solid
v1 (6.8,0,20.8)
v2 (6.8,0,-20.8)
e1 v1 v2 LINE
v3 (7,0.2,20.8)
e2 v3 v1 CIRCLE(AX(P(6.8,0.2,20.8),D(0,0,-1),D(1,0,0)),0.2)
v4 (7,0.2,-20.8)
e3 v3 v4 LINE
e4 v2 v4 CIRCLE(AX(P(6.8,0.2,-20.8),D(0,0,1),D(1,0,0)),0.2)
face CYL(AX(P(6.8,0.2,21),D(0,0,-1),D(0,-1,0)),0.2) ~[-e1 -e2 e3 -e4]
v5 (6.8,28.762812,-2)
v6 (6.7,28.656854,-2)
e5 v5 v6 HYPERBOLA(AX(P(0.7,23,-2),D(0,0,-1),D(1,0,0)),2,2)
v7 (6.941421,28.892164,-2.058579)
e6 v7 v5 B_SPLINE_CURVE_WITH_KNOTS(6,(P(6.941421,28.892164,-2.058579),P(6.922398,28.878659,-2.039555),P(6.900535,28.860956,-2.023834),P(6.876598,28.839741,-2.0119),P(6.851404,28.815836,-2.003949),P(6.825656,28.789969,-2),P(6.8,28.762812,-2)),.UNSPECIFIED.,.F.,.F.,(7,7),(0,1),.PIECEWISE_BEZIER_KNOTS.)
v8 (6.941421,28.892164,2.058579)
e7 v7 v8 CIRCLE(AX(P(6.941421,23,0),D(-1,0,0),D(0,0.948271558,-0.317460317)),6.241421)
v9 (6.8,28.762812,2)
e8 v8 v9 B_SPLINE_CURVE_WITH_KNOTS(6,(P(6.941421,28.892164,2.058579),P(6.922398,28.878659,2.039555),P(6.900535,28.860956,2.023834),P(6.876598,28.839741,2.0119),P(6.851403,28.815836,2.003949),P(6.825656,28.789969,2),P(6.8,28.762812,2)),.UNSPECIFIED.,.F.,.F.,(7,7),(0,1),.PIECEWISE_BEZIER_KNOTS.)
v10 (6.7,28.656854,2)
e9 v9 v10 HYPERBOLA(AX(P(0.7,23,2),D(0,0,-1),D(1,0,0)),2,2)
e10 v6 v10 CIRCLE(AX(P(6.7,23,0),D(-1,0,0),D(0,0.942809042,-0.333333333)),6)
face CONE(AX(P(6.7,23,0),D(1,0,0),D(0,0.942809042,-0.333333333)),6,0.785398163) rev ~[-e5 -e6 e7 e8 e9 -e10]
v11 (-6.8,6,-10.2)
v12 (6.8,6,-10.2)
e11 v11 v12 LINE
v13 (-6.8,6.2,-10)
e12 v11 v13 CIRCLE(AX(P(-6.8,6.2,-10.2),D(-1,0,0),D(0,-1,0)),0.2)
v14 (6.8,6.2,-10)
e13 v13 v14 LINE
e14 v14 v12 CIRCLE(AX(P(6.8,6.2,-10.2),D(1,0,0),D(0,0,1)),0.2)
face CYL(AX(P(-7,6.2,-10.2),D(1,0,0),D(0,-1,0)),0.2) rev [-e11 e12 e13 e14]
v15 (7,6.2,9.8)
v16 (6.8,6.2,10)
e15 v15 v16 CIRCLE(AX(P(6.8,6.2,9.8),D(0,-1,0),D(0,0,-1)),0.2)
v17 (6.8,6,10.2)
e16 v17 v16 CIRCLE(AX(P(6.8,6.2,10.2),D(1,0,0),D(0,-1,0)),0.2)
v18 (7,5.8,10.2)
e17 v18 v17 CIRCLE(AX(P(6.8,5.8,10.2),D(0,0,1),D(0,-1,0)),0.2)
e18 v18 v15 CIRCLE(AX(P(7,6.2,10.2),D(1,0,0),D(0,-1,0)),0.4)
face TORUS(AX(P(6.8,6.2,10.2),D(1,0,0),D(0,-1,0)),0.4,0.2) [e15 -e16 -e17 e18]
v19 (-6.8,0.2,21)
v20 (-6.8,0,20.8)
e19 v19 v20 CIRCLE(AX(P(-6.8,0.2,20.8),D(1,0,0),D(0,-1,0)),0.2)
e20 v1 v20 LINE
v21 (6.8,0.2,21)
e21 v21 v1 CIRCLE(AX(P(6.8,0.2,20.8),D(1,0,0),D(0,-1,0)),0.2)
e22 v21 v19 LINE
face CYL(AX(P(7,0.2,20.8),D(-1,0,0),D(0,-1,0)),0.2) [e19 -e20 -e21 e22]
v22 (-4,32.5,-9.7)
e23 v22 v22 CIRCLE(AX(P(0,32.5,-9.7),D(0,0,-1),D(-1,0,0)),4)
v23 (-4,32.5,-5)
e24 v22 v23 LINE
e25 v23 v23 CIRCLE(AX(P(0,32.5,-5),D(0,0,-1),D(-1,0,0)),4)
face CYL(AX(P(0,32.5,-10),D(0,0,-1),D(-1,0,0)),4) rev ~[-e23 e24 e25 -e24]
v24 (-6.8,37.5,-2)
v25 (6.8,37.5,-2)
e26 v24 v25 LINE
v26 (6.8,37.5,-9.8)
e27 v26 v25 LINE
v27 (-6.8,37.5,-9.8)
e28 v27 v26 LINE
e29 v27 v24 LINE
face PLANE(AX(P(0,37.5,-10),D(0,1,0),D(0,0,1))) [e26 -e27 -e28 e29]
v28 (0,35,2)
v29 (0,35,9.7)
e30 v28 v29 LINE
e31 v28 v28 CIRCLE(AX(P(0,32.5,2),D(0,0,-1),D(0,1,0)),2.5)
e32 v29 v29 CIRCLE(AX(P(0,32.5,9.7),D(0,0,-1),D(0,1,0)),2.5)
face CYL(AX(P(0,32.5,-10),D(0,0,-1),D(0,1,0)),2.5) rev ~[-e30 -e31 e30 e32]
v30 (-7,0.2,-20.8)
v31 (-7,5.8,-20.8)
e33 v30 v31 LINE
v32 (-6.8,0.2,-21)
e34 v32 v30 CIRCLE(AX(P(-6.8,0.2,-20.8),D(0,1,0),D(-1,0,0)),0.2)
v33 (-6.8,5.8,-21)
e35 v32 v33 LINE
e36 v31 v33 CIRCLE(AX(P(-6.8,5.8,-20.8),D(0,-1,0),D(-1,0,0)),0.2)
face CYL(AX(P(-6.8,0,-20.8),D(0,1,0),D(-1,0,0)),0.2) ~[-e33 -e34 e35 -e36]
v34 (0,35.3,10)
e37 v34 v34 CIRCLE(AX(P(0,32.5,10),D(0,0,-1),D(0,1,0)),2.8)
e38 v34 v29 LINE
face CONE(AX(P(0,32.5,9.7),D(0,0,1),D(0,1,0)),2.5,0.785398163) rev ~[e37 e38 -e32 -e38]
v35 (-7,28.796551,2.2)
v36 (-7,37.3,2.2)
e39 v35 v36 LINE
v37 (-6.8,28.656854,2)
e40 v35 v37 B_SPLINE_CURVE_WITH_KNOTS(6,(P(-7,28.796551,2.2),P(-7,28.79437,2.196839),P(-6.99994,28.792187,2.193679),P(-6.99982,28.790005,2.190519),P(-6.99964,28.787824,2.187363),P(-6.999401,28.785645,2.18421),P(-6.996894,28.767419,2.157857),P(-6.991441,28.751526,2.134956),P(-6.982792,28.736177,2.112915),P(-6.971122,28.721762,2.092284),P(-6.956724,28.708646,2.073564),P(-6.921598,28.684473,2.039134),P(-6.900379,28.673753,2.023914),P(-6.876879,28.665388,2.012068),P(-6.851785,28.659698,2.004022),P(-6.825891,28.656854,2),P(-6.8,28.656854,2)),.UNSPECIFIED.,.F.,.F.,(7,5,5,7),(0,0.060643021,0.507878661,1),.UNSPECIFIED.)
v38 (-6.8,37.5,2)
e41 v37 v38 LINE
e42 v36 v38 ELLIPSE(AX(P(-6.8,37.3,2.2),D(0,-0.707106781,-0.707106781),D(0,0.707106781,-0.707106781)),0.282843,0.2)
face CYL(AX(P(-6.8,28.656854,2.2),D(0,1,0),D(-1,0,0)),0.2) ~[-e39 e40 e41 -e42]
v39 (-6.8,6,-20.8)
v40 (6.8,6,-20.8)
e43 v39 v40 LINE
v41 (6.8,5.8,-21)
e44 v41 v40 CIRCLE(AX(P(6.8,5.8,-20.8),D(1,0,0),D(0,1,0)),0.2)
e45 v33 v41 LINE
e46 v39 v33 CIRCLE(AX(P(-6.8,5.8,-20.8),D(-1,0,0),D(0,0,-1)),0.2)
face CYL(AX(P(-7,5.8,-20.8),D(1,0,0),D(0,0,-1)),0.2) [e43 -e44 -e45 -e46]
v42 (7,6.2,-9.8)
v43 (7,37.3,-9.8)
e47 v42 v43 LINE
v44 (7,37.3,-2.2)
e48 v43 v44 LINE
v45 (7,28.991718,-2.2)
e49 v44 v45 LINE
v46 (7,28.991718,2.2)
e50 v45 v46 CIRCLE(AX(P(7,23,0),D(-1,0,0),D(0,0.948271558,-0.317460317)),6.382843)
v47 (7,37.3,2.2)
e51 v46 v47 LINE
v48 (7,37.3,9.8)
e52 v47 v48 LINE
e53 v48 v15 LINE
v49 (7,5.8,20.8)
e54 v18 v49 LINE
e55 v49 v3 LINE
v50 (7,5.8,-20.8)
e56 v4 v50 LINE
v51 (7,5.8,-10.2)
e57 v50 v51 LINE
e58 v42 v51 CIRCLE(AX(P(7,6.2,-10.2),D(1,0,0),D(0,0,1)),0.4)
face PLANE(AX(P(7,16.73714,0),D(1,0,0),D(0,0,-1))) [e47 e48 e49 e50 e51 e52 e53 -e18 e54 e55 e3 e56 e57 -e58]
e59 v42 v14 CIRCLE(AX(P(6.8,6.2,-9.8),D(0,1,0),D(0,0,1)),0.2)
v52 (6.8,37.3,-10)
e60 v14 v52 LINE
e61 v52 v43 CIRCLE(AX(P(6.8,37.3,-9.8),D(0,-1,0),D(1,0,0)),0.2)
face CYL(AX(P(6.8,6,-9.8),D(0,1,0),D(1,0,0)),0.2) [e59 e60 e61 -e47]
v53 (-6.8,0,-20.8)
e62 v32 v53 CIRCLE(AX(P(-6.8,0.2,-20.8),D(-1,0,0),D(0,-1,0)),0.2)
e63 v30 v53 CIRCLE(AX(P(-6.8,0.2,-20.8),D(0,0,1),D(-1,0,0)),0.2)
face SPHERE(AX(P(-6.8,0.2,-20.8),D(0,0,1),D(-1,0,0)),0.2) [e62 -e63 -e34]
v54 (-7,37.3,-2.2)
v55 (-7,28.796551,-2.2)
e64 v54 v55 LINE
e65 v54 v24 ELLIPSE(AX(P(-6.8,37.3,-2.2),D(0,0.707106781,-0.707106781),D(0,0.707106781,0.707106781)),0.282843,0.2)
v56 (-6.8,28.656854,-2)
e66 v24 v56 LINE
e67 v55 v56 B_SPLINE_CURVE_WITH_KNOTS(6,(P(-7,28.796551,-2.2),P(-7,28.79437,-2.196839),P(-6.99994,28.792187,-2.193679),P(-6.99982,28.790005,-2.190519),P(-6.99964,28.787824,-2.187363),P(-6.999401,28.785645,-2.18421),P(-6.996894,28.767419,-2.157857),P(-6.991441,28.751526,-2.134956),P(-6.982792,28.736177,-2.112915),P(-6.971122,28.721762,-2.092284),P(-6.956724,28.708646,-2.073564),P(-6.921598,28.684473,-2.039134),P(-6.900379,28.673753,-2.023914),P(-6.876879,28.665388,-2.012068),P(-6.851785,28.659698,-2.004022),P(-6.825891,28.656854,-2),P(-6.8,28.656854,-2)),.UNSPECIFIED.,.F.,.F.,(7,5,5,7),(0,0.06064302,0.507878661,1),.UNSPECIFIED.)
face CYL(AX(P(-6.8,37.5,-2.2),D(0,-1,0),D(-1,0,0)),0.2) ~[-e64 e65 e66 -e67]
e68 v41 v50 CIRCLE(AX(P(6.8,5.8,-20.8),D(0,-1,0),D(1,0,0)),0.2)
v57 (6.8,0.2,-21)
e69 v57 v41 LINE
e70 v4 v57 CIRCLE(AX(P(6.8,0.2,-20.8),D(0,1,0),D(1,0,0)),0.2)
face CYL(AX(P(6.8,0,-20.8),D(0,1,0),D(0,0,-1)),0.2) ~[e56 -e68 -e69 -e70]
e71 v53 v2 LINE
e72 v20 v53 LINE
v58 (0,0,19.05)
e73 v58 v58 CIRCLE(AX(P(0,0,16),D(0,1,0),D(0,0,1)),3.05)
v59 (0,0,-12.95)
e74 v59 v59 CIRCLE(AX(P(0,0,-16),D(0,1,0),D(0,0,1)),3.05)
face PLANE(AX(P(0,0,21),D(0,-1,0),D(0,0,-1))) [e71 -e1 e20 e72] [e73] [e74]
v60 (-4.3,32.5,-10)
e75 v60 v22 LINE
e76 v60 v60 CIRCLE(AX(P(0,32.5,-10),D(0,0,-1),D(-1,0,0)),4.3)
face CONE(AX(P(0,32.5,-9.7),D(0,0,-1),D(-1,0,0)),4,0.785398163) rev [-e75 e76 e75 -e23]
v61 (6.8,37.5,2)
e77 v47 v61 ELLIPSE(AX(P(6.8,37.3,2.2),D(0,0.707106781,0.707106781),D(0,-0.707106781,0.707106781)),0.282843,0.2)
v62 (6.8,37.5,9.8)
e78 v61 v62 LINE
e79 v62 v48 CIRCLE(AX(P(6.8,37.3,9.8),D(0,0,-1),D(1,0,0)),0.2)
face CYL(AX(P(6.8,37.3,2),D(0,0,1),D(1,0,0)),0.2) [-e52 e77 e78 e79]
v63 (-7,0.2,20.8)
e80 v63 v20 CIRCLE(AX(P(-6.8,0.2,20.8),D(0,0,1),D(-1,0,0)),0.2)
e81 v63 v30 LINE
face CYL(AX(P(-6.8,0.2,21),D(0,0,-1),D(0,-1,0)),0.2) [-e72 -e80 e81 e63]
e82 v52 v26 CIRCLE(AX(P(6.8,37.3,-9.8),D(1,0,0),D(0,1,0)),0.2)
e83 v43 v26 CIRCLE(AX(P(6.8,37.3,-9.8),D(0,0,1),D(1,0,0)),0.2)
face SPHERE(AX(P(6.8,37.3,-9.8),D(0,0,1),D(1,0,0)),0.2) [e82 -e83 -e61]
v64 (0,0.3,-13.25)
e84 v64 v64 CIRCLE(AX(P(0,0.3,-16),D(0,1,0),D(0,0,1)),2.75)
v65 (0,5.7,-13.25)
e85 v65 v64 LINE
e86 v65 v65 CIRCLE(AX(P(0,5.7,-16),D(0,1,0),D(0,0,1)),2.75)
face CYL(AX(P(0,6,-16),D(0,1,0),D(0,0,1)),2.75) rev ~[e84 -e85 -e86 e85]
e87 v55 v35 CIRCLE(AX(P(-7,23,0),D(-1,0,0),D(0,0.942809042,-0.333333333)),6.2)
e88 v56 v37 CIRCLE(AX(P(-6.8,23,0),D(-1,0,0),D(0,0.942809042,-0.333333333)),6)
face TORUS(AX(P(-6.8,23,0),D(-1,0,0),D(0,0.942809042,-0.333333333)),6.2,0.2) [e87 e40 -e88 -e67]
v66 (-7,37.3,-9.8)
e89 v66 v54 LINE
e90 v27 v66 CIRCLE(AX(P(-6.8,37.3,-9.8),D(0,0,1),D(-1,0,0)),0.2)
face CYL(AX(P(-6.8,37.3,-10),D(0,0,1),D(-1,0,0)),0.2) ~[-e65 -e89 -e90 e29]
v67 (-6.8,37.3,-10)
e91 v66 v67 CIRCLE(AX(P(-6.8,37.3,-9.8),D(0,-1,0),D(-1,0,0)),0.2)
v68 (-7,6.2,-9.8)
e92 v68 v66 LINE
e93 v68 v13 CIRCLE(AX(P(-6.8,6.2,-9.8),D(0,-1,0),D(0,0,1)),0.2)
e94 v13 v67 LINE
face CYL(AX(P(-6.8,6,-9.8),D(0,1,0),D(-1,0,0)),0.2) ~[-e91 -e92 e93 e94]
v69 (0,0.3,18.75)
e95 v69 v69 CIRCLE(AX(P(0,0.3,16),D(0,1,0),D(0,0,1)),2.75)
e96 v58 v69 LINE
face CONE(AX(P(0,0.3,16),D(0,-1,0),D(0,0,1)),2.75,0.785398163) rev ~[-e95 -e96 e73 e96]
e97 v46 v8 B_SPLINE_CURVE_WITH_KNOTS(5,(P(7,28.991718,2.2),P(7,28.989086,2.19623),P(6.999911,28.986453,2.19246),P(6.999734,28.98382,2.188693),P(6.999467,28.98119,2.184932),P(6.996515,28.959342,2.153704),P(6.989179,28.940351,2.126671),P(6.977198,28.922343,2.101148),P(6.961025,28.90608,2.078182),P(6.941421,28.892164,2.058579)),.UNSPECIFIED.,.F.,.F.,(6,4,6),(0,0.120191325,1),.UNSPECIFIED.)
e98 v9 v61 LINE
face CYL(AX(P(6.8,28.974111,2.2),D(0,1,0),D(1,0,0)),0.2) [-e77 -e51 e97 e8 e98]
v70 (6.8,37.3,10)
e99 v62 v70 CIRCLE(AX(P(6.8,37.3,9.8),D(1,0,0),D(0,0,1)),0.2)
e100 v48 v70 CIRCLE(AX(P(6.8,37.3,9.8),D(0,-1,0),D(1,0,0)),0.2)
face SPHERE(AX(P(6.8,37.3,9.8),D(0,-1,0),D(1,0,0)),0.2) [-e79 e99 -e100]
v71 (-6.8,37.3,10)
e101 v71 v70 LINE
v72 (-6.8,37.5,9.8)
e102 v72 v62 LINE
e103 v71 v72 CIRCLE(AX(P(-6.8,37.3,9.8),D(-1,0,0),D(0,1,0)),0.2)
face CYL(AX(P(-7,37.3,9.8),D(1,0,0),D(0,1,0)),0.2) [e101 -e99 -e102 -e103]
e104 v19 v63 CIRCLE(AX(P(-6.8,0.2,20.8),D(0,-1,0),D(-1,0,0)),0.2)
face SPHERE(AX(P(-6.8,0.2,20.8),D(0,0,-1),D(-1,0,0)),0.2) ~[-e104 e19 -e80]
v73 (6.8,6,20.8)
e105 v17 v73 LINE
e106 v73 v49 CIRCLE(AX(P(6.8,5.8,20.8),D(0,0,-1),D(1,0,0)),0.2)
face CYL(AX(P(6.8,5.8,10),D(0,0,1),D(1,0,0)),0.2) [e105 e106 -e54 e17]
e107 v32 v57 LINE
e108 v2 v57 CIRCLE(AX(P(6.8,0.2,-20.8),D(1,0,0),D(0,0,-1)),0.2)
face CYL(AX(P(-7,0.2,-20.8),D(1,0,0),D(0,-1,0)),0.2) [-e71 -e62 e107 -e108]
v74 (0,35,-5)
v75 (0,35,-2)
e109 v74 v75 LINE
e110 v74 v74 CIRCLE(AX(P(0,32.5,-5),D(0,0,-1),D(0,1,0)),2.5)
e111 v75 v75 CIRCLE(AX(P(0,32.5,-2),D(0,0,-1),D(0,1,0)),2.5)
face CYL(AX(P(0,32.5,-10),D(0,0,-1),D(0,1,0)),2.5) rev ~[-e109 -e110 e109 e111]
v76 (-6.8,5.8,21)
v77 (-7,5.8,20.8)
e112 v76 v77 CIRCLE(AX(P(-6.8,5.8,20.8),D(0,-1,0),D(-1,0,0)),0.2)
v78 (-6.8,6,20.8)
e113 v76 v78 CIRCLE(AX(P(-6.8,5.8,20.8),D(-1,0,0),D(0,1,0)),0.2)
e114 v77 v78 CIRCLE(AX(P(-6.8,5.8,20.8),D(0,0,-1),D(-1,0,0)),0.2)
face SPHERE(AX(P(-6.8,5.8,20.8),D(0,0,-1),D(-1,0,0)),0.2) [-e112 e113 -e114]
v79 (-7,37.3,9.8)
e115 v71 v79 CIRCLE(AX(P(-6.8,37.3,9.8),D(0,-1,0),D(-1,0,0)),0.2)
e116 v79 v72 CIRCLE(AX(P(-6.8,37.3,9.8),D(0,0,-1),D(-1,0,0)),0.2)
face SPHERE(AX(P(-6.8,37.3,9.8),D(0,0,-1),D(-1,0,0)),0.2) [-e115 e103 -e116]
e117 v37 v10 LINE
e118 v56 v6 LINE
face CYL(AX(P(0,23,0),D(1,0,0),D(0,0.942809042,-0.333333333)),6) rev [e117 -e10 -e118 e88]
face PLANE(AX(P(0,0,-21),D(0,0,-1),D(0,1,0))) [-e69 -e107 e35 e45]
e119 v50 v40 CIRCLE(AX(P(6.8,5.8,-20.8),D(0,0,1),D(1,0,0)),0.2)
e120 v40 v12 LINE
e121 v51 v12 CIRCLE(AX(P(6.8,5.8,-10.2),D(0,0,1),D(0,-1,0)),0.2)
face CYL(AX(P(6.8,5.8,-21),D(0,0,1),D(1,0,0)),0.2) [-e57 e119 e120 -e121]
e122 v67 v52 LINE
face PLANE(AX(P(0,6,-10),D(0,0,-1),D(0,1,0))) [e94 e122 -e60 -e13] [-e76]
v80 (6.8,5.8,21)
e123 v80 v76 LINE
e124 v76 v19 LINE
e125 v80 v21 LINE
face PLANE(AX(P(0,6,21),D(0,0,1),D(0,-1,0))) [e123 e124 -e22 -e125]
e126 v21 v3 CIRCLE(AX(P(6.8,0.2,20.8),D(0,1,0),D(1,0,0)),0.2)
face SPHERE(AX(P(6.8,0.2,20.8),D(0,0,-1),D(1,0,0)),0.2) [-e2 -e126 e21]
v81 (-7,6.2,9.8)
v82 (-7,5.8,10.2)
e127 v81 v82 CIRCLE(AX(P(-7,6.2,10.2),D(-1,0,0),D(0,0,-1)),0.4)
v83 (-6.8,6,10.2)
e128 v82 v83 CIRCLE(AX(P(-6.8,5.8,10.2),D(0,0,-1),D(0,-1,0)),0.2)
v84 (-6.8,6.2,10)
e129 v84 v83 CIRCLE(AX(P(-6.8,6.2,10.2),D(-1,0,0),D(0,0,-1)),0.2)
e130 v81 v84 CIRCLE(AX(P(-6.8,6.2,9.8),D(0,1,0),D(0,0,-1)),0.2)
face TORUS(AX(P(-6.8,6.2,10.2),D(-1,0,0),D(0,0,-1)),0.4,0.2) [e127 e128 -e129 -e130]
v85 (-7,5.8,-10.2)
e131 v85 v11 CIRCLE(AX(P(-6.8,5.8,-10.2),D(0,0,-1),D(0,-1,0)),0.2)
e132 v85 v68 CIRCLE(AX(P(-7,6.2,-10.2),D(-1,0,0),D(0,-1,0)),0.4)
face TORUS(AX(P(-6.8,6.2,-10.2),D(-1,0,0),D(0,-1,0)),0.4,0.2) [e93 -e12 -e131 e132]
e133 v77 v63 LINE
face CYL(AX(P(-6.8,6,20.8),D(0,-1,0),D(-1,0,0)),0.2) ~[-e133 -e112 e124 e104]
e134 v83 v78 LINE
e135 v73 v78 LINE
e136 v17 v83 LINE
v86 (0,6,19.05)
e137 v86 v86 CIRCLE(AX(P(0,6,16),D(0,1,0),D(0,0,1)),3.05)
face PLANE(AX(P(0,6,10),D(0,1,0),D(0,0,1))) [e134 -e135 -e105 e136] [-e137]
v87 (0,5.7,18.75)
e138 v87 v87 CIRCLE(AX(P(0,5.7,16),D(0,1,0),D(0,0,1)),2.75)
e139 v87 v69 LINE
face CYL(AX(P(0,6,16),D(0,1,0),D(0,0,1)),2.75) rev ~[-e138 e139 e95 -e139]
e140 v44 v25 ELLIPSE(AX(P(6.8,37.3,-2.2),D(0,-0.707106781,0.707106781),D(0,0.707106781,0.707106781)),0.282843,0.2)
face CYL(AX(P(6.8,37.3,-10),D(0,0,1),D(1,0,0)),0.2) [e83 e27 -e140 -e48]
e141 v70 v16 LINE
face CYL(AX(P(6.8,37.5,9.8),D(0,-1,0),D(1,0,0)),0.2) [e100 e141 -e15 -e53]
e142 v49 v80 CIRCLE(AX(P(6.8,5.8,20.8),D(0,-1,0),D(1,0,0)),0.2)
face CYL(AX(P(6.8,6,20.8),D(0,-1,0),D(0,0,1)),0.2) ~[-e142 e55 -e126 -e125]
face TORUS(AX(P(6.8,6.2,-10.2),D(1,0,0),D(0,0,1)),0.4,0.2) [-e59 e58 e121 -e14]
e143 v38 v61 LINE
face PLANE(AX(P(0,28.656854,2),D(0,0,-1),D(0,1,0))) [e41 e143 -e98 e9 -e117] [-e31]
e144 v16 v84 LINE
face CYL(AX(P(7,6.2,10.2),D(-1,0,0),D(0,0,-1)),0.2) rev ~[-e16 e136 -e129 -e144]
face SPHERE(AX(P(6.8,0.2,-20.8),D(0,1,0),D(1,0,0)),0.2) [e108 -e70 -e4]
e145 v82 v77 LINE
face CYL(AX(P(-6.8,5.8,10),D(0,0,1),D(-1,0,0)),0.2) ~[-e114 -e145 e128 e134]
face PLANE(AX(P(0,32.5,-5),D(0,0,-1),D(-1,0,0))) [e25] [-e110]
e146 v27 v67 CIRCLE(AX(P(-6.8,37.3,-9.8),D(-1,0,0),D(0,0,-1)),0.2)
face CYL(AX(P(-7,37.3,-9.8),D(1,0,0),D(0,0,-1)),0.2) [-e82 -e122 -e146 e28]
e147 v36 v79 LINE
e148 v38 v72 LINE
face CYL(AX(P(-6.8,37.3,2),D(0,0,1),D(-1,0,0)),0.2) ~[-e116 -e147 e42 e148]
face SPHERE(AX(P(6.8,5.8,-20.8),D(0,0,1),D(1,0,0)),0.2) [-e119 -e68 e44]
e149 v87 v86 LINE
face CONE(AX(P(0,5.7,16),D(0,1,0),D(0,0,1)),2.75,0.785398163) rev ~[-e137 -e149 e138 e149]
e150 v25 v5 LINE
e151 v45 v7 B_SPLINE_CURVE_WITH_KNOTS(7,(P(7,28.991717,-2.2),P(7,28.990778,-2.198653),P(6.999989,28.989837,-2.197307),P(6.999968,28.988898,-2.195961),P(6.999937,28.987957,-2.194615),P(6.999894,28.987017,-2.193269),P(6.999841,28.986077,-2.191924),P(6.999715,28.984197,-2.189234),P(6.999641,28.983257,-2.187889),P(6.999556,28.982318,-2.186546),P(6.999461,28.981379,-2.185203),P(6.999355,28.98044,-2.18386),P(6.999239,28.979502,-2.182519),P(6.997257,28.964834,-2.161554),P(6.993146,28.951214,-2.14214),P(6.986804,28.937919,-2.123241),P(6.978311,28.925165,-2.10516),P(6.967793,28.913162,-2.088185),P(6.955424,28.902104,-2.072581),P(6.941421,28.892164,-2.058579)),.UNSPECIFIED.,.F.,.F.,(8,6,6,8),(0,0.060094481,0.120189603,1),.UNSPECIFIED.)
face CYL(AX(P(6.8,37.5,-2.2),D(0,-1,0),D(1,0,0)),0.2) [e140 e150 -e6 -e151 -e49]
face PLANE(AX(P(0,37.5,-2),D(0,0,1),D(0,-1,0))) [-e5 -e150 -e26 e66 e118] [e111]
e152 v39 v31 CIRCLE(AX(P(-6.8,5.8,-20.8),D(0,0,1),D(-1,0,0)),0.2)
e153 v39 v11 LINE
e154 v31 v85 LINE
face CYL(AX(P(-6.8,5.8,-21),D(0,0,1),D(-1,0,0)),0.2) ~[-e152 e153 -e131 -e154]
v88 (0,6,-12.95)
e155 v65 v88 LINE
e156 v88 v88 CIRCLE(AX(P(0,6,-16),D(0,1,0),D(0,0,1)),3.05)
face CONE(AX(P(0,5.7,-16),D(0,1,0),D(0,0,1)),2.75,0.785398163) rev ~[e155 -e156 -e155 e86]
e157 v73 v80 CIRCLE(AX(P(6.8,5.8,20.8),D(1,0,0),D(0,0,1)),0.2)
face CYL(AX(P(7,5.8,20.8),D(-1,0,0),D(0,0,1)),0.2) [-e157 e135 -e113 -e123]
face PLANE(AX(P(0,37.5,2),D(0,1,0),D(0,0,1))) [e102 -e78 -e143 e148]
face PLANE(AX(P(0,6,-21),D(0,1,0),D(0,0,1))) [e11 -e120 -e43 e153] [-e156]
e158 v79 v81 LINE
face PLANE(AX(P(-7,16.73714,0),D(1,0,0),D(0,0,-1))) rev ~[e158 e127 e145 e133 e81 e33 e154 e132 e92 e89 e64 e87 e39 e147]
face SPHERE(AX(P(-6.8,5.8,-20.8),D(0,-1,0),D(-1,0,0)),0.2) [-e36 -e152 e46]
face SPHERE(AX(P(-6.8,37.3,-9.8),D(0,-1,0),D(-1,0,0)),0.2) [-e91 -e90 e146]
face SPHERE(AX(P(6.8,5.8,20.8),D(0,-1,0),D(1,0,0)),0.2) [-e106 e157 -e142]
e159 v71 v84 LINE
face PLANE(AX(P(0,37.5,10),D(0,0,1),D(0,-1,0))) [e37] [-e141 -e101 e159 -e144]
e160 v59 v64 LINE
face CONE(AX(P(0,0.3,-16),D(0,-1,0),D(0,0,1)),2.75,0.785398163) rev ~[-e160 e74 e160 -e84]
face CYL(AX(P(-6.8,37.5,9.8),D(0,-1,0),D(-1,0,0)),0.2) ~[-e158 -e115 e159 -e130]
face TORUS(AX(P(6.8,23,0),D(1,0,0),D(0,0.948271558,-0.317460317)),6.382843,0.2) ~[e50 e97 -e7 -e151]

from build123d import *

# Parameters (mm, degrees)
BOSS_EXTRUDE1_DEPTH = 7
SKETCH2_R           = 2.75
CUT_EXTRUDE1_DEPTH  = 7
SKETCH3_R           = 2.5
CUT_EXTRUDE2_DEPTH  = 32
SKETCH4_R           = 4
CUT_EXTRUDE3_DEPTH  = 5
CHAMFER_1_SIZE      = 0.3
FILLET_1_R          = 0.2


with BuildPart() as part:
    # Sketch1 → Boss-Extrude1 (new body, symmetric)
    with BuildSketch(Plane(origin=(0, 0, 0), x_dir=(0, 0, -1), z_dir=(1, 0, 0))):
        with BuildLine():
            Line((-21, 0), (21, 0))
            Line((21, 0), (21, 6))
            Line((21, 6), (10, 6))
            Line((10, 6), (10, 37.5))
            Line((10, 37.5), (2, 37.5))
            Line((2, 37.5), (2, 28.656854249))
            ThreePointArc((2, 28.656854249), (0, 17), (-2, 28.656854249))
            Line((-2, 28.656854249), (-2, 37.5))
            Line((-2, 37.5), (-10, 37.5))
            Line((-10, 37.5), (-10, 6))
            Line((-10, 6), (-21, 6))
            Line((-21, 6), (-21, 0))
        make_face()
    extrude(amount=BOSS_EXTRUDE1_DEPTH, both=True)

    # Sketch2 → Cut-Extrude1 (cut, through all)
    with BuildSketch(Plane(origin=(0, 6, 0), x_dir=(1, 0, 0), z_dir=(0, 1, 0))):
        with Locations(Location((0, 16, 0), (0, 0, 270))):  # turned: the seam where the file's is
            Circle(SKETCH2_R)
        with Locations(Location((0, -16, 0), (0, 0, 270))):  # turned: the seam where the file's is
            Circle(SKETCH2_R)
    extrude(amount=-CUT_EXTRUDE1_DEPTH, mode=Mode.SUBTRACT)

    # Sketch3 → Cut-Extrude2 (cut, through all)
    with BuildSketch(Plane(origin=(0, 0, -10), x_dir=(-1, 0, 0), z_dir=(0, 0, -1))):
        with Locations(Location((0, 32.5, 0), (0, 0, 90))):  # turned: the seam where the file's is
            Circle(SKETCH3_R)
    extrude(amount=-CUT_EXTRUDE2_DEPTH, mode=Mode.SUBTRACT)

    # Sketch4 → Cut-Extrude3 (cut)
    with BuildSketch(Plane(origin=(0, 0, -10), x_dir=(-1, 0, 0), z_dir=(0, 0, -1))):
        with Locations((0, 32.5)):
            Circle(SKETCH4_R)
    extrude(amount=-CUT_EXTRUDE3_DEPTH, mode=Mode.SUBTRACT)

    # Фаска1
    chamfer_1_edges = [part.edges().sort_by_distance(p)[0] for p in [
        (7, 17, 0),
        (0, 0, -18.75),
        (0, 6, -18.75),
        (0, 0, 13.25),
        (0, 6, 13.25),
        (0, 30, 10),
        (4, 32.5, -10),
    ]]
    chamfer(chamfer_1_edges, length=CHAMFER_1_SIZE)

    # Скругление1
    fillet_1_edges = [part.edges().sort_by_distance(p)[0] for p in [
        (-7, 0, 0),
        (-7, 3, -21),
        (-7, 6, -15.5),
        (-7, 21.75, -10),
        (-7, 37.5, -6),
        (-7, 33.078427125, -2),
        (-7, 17, 0),
        (-7, 33.078427125, 2),
        (-7, 37.5, 6),
        (-7, 21.75, 10),
        (-7, 6, 15.5),
        (-7, 3, 21),
        (7, 37.5, -6),
        (7, 21.75, -10),
        (7, 6, -15.5),
        (7, 3, -21),
        (7, 0, 0),
        (7, 3, 21),
        (7, 6, 15.5),
        (7, 21.75, 10),
        (7, 37.5, 6),
        (7, 33.237055406, 2),
        (7, 16.7, 0),
        (7, 33.237055406, -2),
        (0, 0, 21),
        (0, 6, 21),
        (0, 6, 10),
        (0, 37.5, 10),
        (0, 0, -21),
        (0, 6, -21),
        (0, 6, -10),
        (0, 37.5, -10),
    ]]
    fillet(fillet_1_edges, radius=FILLET_1_R)


solid = part.part
